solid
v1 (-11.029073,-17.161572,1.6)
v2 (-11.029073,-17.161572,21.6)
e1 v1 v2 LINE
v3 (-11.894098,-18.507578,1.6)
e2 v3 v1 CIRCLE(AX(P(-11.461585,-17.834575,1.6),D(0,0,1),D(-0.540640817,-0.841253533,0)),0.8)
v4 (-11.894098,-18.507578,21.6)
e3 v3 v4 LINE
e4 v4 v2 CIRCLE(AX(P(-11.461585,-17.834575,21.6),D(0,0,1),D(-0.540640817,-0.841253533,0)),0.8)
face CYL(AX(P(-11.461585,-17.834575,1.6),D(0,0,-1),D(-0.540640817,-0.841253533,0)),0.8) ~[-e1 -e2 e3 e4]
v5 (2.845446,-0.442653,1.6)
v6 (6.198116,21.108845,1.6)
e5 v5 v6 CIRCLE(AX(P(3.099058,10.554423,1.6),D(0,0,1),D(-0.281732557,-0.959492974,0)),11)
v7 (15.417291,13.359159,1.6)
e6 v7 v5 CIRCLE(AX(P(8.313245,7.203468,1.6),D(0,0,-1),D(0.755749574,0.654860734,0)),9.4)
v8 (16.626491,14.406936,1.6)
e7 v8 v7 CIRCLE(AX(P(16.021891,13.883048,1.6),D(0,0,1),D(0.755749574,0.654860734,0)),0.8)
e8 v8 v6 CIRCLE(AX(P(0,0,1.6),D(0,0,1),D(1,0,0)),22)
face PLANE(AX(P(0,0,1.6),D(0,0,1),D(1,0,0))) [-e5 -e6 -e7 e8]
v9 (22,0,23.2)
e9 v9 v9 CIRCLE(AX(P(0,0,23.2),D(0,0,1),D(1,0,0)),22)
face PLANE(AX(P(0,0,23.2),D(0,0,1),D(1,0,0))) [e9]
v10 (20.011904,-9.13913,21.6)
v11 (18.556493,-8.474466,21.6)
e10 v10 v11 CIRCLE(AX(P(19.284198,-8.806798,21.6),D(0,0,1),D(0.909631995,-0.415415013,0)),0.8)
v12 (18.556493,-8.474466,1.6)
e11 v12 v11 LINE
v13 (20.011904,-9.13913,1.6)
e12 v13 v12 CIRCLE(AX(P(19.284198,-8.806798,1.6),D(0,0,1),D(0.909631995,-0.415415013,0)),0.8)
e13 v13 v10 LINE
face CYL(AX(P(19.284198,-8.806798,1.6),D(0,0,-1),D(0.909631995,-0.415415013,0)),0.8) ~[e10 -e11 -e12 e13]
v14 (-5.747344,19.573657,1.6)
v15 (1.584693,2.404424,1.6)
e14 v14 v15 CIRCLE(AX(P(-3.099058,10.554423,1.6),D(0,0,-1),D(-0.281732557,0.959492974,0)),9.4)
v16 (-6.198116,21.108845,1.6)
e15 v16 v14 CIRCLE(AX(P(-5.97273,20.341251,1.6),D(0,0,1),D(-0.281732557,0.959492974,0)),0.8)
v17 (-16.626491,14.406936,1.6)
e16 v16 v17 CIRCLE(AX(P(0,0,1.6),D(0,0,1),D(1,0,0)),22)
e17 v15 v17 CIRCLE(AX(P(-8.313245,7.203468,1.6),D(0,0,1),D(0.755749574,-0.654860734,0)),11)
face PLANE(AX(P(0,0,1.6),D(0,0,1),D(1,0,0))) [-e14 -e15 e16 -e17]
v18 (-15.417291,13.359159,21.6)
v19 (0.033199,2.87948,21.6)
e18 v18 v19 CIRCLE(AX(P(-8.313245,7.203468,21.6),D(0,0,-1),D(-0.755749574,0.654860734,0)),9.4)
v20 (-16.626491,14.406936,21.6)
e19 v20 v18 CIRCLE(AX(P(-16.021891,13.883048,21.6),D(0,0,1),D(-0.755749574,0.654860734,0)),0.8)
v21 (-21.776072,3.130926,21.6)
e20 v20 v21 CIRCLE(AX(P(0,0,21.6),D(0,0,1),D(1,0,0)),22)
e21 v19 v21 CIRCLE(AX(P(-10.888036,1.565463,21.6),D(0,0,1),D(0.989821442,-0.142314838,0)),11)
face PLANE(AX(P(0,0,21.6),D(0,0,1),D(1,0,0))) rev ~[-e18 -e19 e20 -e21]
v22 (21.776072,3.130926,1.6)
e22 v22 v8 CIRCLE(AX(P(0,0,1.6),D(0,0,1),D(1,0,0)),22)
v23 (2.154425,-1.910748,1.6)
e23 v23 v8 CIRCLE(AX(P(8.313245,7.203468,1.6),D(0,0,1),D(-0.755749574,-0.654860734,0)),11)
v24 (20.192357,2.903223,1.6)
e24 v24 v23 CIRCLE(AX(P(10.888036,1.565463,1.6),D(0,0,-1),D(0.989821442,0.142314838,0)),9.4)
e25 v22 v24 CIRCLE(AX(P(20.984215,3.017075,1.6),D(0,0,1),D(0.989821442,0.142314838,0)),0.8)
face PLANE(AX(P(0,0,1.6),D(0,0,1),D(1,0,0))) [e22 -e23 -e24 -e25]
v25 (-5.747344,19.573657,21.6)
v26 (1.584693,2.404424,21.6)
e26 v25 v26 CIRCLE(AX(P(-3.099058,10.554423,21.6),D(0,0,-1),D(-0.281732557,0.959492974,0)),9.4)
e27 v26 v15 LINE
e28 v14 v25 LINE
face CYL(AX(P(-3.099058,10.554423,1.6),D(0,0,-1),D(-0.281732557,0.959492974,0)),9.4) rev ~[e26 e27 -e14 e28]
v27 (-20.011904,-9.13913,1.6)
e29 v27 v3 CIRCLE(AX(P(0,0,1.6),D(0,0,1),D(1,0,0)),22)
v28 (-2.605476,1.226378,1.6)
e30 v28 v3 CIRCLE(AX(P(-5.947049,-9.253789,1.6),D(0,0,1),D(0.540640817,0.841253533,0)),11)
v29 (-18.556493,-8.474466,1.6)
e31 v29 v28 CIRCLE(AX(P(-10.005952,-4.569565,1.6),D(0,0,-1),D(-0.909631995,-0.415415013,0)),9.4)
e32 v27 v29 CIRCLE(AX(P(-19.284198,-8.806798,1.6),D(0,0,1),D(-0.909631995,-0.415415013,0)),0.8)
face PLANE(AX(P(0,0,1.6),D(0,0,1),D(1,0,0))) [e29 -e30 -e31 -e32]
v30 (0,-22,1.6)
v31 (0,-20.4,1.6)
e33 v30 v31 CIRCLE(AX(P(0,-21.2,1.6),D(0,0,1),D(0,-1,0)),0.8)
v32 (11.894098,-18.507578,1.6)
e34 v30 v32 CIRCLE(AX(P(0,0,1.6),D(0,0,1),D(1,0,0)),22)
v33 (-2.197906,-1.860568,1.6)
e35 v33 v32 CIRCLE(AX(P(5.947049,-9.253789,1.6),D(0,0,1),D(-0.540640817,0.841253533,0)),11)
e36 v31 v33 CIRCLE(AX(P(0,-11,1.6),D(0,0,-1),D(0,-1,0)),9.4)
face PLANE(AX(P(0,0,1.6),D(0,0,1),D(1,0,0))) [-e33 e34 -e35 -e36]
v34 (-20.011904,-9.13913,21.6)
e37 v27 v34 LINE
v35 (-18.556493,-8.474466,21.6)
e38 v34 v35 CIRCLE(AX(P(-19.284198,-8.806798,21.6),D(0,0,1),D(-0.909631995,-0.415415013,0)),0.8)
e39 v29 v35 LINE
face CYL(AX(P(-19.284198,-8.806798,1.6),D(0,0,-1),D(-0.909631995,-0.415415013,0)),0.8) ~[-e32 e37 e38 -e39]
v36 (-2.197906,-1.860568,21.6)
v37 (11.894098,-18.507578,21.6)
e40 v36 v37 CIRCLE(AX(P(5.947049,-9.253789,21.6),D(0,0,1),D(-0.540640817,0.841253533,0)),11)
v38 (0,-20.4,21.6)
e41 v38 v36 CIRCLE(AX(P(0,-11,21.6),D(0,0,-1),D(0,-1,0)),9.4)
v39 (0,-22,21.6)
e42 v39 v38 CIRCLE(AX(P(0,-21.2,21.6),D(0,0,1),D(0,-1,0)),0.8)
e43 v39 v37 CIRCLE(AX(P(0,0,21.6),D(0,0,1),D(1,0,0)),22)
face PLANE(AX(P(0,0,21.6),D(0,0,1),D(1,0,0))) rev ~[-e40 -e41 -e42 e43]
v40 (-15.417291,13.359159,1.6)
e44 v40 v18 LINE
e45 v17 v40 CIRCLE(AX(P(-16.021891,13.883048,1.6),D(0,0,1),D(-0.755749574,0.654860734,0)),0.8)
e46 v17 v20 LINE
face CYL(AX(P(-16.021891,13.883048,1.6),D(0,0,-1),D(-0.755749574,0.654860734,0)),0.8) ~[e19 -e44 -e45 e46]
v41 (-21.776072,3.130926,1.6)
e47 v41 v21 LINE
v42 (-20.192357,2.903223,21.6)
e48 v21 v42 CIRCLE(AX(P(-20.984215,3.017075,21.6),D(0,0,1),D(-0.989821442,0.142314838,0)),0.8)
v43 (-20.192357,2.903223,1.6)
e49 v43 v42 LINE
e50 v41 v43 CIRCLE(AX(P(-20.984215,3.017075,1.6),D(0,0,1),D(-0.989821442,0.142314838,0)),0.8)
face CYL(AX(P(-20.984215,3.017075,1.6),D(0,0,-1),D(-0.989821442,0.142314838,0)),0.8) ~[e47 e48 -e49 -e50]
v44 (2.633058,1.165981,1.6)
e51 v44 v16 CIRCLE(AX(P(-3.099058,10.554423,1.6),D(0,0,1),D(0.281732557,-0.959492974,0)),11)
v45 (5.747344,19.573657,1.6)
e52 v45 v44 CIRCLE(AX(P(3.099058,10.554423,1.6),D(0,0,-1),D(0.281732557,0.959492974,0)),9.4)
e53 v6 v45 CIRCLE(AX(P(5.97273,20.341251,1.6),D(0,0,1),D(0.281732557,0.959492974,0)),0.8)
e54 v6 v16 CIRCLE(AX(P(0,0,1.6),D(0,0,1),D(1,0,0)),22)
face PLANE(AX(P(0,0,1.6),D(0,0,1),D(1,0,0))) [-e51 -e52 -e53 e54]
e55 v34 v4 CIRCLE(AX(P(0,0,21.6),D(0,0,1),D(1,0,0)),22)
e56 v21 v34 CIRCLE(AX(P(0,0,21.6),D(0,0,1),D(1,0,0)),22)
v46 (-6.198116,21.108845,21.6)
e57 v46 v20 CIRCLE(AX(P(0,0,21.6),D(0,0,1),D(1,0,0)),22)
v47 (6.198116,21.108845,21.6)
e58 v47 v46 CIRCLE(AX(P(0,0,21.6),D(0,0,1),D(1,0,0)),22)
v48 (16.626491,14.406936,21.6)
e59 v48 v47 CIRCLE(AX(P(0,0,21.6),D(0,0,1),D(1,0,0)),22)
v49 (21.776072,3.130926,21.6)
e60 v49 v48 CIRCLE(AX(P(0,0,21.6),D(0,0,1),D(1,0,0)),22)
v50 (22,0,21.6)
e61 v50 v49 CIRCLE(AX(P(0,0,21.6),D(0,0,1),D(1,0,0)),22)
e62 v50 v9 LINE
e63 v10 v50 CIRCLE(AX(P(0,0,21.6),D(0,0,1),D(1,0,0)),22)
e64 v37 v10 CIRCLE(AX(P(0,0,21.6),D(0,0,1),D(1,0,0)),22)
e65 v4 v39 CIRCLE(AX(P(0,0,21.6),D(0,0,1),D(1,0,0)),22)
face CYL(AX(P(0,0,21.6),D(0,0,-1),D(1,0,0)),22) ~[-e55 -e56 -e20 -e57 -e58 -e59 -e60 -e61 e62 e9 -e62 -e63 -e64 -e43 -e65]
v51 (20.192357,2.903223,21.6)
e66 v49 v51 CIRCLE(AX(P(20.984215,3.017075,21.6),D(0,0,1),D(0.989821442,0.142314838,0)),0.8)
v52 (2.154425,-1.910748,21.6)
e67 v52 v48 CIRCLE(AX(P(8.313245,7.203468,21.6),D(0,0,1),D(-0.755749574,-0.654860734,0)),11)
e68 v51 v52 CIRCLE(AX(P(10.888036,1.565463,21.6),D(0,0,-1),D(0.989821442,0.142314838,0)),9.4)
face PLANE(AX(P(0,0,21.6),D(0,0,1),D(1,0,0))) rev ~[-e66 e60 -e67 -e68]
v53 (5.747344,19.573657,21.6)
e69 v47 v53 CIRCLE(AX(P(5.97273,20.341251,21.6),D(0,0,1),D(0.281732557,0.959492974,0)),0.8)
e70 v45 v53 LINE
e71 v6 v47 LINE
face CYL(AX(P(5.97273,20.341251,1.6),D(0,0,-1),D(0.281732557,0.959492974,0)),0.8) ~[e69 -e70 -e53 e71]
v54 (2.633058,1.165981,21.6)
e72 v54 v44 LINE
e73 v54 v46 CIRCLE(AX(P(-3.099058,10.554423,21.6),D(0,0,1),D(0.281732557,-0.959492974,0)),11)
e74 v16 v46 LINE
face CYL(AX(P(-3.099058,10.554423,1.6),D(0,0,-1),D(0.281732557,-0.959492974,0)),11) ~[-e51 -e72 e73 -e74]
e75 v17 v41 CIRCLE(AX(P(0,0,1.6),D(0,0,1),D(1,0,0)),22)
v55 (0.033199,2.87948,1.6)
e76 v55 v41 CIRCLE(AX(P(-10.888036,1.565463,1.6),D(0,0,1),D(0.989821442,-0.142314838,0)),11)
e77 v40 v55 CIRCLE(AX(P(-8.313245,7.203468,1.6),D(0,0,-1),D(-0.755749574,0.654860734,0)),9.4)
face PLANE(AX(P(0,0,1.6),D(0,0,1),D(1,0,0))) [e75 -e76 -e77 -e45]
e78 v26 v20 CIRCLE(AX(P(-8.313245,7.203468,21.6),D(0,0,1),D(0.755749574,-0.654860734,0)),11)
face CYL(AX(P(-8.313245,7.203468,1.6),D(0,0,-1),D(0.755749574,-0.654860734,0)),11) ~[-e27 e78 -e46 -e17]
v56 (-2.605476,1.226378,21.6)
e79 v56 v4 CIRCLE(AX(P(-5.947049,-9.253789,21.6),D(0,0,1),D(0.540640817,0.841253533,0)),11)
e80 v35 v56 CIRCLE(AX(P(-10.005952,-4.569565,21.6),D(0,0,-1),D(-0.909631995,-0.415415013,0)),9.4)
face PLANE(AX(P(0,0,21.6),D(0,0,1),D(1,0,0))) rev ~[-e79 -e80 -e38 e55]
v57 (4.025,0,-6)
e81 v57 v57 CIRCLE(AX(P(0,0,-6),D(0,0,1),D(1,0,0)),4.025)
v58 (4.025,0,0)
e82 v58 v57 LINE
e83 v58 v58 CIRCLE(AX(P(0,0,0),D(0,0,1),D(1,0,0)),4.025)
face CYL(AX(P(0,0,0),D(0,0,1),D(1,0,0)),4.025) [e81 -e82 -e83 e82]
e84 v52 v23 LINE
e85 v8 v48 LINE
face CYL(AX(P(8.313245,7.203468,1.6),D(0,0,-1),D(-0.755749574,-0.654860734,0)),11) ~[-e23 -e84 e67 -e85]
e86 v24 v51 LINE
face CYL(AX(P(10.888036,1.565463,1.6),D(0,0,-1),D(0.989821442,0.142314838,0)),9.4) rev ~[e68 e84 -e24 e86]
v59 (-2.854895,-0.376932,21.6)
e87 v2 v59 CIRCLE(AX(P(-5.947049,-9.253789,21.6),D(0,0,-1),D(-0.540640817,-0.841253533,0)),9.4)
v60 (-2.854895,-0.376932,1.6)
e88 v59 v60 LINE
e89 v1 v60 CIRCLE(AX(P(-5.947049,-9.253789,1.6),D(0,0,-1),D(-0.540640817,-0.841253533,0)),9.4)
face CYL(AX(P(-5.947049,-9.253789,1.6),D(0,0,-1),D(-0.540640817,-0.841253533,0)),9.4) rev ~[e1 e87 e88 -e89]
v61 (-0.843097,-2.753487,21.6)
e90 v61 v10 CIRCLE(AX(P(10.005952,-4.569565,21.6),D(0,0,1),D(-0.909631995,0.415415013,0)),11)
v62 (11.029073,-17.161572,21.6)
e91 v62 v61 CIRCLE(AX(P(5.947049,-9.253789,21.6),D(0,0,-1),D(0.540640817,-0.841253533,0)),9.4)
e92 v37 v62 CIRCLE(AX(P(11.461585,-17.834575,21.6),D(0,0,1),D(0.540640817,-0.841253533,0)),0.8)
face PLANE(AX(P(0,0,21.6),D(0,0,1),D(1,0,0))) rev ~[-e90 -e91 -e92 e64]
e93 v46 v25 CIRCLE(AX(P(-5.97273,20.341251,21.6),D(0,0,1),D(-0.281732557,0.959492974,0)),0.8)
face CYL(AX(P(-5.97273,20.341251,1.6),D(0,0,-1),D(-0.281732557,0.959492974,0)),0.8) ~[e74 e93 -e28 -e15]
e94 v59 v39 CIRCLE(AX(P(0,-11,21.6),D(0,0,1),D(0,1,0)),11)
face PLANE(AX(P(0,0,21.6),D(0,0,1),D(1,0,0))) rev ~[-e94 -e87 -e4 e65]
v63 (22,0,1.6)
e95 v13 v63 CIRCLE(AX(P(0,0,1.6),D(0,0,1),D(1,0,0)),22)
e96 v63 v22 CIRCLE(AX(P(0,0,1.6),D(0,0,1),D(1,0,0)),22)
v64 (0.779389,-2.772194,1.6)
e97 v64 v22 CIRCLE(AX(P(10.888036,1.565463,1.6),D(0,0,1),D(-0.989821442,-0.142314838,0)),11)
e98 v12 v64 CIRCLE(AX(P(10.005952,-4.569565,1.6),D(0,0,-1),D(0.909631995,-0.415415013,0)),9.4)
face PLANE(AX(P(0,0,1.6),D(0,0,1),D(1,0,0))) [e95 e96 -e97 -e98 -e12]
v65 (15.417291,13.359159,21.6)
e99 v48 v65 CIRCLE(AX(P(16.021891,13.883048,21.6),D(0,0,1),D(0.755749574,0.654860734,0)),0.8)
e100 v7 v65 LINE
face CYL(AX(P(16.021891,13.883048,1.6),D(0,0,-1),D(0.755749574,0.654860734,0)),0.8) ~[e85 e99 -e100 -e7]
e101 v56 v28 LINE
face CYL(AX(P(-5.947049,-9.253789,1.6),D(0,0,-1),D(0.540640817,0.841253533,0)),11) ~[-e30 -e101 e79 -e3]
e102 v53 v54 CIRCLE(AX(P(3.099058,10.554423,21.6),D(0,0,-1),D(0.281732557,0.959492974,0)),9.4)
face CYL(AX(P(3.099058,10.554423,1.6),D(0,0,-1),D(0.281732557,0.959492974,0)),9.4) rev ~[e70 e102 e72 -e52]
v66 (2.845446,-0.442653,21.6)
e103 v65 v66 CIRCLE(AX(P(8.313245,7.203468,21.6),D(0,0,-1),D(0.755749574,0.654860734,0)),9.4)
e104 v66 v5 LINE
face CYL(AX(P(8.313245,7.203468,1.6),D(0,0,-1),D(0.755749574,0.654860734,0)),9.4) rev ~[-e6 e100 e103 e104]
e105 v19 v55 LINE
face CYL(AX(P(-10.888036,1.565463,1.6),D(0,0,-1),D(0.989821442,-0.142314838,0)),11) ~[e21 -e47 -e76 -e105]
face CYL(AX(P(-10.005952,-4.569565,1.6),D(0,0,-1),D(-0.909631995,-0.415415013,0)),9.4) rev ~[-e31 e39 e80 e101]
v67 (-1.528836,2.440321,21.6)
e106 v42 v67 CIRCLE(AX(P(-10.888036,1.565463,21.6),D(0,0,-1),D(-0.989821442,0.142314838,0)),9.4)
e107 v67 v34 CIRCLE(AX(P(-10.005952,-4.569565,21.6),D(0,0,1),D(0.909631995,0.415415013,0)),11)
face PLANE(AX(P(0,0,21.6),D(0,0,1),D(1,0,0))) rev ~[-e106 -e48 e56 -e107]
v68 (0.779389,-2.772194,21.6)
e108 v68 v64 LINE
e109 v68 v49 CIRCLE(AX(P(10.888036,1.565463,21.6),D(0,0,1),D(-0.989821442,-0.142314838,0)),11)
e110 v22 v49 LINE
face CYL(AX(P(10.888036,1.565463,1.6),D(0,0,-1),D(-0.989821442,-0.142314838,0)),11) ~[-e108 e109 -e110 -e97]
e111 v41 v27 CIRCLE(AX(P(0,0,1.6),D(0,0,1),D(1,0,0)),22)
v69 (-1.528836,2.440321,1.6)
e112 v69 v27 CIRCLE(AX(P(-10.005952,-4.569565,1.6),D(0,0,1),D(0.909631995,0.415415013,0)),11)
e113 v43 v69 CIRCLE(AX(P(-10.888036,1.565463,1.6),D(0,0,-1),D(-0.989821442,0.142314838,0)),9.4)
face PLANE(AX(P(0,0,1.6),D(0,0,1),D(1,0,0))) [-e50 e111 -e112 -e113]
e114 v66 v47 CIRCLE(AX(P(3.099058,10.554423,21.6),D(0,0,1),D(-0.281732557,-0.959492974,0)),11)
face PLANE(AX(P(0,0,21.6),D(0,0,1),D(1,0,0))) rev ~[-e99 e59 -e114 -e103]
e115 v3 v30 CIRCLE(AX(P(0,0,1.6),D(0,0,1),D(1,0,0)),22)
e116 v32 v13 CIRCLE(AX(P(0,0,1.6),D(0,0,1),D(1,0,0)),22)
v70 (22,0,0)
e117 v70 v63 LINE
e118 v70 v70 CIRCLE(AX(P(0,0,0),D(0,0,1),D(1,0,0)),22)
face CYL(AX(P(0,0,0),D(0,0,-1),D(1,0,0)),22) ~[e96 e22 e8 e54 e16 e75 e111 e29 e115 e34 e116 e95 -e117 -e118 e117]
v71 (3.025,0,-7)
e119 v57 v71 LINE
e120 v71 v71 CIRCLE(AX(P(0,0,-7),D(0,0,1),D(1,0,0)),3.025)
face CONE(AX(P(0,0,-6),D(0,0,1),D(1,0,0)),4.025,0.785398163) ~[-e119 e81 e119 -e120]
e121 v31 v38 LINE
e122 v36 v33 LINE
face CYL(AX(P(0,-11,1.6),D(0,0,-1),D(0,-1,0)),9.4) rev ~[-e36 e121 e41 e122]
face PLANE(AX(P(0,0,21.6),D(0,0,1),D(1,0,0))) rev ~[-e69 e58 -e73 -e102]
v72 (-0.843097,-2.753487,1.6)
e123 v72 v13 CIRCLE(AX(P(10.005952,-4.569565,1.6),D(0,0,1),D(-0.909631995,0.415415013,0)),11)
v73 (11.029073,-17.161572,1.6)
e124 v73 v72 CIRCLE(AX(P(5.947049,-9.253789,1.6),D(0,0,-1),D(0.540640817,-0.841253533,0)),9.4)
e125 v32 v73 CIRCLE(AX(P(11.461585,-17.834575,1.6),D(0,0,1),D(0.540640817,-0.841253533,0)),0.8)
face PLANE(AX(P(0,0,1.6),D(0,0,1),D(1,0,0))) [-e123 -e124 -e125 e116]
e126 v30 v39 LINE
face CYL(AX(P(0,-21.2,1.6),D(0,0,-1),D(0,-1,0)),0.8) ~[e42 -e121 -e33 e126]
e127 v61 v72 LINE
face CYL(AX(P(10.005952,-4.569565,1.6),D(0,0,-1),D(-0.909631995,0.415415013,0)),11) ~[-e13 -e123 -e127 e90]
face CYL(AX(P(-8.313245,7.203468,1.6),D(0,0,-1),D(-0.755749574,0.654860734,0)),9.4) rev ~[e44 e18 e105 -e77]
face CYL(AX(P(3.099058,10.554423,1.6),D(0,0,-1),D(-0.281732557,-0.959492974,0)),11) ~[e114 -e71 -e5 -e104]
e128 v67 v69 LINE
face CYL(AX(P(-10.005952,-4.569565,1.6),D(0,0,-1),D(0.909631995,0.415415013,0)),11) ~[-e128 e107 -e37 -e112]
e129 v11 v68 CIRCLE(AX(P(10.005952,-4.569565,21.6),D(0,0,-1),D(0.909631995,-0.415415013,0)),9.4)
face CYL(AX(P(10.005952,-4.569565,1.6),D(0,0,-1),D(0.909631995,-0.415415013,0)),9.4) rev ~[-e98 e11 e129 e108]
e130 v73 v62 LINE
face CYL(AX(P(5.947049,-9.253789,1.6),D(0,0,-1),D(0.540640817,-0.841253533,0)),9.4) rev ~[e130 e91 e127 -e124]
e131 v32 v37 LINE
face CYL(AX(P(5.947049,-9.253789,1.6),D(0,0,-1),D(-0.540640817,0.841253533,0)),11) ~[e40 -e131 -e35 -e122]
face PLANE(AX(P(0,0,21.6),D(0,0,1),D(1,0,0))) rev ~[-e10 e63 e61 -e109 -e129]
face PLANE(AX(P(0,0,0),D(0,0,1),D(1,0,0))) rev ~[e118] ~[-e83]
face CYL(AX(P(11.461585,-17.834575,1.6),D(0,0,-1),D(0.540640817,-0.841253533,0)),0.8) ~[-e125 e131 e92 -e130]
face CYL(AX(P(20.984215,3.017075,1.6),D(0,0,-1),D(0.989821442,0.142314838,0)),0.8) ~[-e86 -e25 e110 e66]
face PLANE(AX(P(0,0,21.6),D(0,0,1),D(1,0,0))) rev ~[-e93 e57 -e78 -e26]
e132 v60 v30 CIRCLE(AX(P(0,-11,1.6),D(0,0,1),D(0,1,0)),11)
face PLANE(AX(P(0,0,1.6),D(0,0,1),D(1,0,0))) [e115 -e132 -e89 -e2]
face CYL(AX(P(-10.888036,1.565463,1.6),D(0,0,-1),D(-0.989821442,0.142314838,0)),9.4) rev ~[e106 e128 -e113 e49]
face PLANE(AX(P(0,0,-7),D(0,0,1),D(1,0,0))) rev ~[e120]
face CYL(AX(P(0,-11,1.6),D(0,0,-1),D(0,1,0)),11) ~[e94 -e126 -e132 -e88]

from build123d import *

# Parameters (mm, degrees)
F4_R      = 22
F4_R_2    = 4.025
F5_DEPTH  = 1.6
F6_DEPTH  = 7
F8_SIZE   = 1
F9_DEPTH  = 20
F10_COUNT = 11
F11_START = 21.6
F11_DEPTH = 1.6


with BuildPart() as f5:
    # F4 (on Top) → F5 (new body)
    with BuildSketch(Plane.XY):
        Circle(F4_R)
        Circle(F4_R_2, mode=Mode.SUBTRACT)
        Circle(F4_R_2)
    extrude(amount=F5_DEPTH)

    # F4 (on Top) → F6 (join)
    with BuildSketch(Plane.XY):
        Circle(F4_R_2)
    extrude(amount=-F6_DEPTH)

    # F8
    f8_edges = [f5.edges().sort_by_distance(p)[0] for p in [
        (-4.025, 0, -7),
    ]]
    chamfer(f8_edges, length=F8_SIZE)



with BuildPart() as f9:
    # F7 (on face) → F9 (new body)
    with BuildSketch(Plane.XY.offset(1.6)):
        with BuildLine():
            ThreePointArc((0, -1.6), (0.8, -0.8), (0, 0))
            ThreePointArc((0, 0), (-11, -11), (0, -22))
            ThreePointArc((0, -22), (0.8, -21.2), (0, -20.4))
            ThreePointArc((0, -20.4), (-9.4, -11), (0, -1.6))
        make_face()
    extrude(amount=F9_DEPTH)


with BuildPart() as f5_1:
    add(f5.part)

    add(f9.part)  # F10 merges F9
    # F10: F9 ×11 about axis
    f10_axis = Axis((0, 0, 0), (0, 0, 1))
    for i in range(1, F10_COUNT):
        add(f9.part.rotate(f10_axis, i * 360 / F10_COUNT))

    # F4 (on Top) → F11 (join)
    with BuildSketch(Plane.XY.offset(F11_START)):
        Circle(F4_R)
        Circle(F4_R_2, mode=Mode.SUBTRACT)
        Circle(F4_R_2)
    extrude(amount=F11_DEPTH)


solid = f5_1.part
